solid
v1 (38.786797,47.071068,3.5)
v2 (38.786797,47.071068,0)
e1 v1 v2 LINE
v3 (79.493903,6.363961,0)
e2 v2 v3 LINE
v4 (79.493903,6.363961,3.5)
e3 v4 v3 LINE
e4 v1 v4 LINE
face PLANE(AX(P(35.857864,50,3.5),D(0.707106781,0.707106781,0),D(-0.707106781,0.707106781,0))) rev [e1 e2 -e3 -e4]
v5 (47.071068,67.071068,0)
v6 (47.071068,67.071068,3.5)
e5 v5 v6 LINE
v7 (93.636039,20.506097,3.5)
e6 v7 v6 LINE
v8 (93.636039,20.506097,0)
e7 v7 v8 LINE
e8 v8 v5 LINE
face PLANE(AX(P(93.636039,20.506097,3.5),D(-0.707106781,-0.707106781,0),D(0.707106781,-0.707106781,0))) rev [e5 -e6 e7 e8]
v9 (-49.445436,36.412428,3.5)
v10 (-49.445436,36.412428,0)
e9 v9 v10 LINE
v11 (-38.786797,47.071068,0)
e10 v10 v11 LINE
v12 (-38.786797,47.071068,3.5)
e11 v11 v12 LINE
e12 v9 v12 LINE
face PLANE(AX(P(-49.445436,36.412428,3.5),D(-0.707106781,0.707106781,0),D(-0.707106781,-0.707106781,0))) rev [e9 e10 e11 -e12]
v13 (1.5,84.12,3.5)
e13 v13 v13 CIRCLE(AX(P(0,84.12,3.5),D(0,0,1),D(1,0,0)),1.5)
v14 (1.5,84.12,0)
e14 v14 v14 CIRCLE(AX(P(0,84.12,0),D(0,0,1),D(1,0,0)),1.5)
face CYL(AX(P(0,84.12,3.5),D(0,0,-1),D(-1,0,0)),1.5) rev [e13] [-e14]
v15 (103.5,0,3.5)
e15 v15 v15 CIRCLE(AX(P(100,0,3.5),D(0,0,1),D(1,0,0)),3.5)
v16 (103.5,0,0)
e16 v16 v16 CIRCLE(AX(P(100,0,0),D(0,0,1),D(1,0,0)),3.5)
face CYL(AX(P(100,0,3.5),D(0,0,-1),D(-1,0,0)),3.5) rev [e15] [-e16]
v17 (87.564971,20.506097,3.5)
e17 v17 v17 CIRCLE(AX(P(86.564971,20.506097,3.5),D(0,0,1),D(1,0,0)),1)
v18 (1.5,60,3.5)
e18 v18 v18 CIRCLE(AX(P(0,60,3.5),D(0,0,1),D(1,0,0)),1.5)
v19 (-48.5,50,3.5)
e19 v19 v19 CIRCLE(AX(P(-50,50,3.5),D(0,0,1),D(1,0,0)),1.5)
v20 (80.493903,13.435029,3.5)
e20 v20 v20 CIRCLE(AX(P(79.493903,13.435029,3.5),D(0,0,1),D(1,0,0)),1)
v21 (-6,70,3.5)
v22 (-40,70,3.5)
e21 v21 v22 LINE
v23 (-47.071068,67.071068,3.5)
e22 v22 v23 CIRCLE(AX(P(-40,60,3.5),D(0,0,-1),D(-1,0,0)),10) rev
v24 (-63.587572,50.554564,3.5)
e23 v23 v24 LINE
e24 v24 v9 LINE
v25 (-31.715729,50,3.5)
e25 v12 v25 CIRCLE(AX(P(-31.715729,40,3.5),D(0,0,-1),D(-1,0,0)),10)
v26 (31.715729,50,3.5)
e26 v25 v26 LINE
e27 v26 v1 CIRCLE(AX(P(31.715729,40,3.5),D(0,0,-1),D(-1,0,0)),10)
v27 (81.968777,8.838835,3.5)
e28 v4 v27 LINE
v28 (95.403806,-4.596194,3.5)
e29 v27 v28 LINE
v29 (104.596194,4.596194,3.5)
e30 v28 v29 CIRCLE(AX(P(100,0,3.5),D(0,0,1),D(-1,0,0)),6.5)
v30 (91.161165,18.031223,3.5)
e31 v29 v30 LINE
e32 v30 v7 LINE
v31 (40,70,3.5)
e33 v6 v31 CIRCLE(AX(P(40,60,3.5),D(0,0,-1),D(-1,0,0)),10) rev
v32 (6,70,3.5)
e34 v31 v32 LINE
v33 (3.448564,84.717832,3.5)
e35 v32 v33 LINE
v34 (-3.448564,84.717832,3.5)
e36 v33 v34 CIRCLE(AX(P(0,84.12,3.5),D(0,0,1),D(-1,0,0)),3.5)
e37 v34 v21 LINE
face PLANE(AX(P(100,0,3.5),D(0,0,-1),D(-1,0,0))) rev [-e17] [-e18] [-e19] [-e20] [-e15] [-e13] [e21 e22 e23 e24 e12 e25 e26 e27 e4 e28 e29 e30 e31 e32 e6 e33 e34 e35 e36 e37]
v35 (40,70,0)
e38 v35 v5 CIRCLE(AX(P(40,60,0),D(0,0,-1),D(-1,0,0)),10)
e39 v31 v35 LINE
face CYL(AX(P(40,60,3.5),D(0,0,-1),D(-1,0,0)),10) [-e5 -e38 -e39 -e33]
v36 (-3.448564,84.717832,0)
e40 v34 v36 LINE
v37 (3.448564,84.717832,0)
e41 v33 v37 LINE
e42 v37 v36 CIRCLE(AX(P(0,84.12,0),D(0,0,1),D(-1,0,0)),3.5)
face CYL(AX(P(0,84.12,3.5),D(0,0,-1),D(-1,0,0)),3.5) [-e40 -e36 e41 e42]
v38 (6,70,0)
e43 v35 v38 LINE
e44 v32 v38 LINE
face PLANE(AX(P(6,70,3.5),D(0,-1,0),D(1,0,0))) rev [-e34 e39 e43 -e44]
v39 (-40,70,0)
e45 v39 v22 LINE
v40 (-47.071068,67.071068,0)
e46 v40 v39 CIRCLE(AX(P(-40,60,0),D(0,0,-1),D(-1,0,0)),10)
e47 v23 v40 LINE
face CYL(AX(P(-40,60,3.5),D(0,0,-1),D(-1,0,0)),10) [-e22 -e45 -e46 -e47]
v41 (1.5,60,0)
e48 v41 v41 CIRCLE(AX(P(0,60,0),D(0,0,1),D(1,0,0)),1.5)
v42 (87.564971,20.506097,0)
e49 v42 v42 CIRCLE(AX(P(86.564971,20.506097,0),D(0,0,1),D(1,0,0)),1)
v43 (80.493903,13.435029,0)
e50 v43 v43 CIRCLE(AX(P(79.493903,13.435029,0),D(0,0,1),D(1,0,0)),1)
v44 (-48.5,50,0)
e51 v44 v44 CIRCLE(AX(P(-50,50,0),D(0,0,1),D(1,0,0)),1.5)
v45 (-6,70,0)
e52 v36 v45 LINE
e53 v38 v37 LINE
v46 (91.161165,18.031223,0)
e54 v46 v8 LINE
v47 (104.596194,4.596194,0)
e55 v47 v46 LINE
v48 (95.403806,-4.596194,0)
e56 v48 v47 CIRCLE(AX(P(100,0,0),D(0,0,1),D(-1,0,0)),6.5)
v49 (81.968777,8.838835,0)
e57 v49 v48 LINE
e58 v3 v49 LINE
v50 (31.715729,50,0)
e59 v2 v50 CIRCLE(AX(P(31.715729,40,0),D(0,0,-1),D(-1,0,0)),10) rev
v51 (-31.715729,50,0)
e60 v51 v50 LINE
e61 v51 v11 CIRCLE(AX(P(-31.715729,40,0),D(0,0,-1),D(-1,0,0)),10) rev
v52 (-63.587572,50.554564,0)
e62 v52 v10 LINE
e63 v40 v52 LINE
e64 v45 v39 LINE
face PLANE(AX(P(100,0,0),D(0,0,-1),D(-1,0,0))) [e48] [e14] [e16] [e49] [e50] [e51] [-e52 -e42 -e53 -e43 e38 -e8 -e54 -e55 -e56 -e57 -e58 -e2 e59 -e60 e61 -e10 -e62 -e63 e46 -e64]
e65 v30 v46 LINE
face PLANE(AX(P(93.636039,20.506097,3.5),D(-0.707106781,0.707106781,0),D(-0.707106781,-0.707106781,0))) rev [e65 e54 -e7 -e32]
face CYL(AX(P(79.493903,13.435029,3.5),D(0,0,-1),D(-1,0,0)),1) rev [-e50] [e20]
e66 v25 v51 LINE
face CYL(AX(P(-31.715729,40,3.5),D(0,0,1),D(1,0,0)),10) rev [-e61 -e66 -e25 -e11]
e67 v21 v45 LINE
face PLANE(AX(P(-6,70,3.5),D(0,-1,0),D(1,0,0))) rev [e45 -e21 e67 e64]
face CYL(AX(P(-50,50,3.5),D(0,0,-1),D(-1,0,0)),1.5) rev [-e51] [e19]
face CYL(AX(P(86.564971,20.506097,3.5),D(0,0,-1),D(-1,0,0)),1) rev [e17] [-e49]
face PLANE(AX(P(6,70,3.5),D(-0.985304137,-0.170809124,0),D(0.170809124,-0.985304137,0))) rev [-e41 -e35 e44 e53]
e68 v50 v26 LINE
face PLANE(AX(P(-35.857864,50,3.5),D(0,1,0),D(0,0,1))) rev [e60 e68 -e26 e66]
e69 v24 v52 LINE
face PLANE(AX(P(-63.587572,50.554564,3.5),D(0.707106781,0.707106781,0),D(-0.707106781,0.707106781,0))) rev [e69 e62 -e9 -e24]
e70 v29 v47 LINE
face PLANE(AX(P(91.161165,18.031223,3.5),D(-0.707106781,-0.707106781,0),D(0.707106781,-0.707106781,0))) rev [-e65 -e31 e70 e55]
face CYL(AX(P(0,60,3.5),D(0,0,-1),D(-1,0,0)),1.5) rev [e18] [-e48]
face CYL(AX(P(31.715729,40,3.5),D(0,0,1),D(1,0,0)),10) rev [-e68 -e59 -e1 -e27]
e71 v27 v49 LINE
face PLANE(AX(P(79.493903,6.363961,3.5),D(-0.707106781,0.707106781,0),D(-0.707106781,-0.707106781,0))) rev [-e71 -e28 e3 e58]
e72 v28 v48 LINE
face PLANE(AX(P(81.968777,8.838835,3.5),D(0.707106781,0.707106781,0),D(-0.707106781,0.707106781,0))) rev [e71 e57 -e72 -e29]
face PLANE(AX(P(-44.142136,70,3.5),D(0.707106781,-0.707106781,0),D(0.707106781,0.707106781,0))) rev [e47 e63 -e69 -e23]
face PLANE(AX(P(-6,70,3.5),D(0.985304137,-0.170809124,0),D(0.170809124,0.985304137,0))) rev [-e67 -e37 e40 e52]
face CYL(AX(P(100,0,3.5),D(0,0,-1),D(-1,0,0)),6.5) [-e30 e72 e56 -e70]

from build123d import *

# Parameters (mm, degrees)
SKETCH5_R           = 1
SKETCH5_R_2         = 3.5
SKETCH5_R_3         = 1.5
BOSS_EXTRUDE1_DEPTH = 3.5
FILLET1_R           = 10


with BuildPart() as part:
    # Sketch5 → Boss-Extrude1 (new body)
    with BuildSketch(Plane.XY):
        with BuildLine():
            Line((91.161165235, 18.03122292), (104.596194078, 4.596194078))
            ThreePointArc((104.596194078, 4.596194078), (104.596194078, -4.596194078), (95.403805922, -4.596194078))
            Line((95.403805922, -4.596194078), (81.96877708, 8.838834765))
            Line((81.96877708, 8.838834765), (79.493903346, 6.363961031))
            Line((79.493903346, 6.363961031), (35.857864376, 50))
            Line((35.857864376, 50), (-35.857864376, 50))
            Line((-35.857864376, 50), (-49.445436483, 36.412427894))
            Line((-49.445436483, 36.412427894), (-63.587572106, 50.554563517))
            Line((-63.587572106, 50.554563517), (-44.142135624, 70))
            Line((-44.142135624, 70), (-6, 70))
            Line((-6, 70), (-3.448564481, 84.717831932))
            ThreePointArc((-3.448564481, 84.717831932), (0, 87.62), (3.448564481, 84.717831932))
            Line((3.448564481, 84.717831932), (6, 70))
            Line((6, 70), (44.142135624, 70))
            Line((44.142135624, 70), (93.636038969, 20.506096654))
            Line((93.636038969, 20.506096654), (91.161165235, 18.03122292))
        make_face()
        with Locations((86.564971157, 20.506096654)):
            Circle(SKETCH5_R, mode=Mode.SUBTRACT)
        with Locations((79.493903346, 13.435028843)):
            Circle(SKETCH5_R, mode=Mode.SUBTRACT)
        with Locations((100, 0)):
            Circle(SKETCH5_R_2, mode=Mode.SUBTRACT)
        with Locations((0, 84.12)):
            Circle(SKETCH5_R_3, mode=Mode.SUBTRACT)
        with Locations((0, 60)):
            Circle(SKETCH5_R_3, mode=Mode.SUBTRACT)
        with Locations((-50, 50)):
            Circle(SKETCH5_R_3, mode=Mode.SUBTRACT)
    extrude(amount=BOSS_EXTRUDE1_DEPTH)

    # Fillet1
    fillet1_edges = [part.edges().sort_by_distance(p)[0] for p in [
        (44.142135624, 70, 1.75),
        (35.857864376, 50, 1.75),
        (-35.857864376, 50, 1.75),
        (-44.142135624, 70, 1.75),
    ]]
    fillet(fillet1_edges, radius=FILLET1_R)


solid = part.part
